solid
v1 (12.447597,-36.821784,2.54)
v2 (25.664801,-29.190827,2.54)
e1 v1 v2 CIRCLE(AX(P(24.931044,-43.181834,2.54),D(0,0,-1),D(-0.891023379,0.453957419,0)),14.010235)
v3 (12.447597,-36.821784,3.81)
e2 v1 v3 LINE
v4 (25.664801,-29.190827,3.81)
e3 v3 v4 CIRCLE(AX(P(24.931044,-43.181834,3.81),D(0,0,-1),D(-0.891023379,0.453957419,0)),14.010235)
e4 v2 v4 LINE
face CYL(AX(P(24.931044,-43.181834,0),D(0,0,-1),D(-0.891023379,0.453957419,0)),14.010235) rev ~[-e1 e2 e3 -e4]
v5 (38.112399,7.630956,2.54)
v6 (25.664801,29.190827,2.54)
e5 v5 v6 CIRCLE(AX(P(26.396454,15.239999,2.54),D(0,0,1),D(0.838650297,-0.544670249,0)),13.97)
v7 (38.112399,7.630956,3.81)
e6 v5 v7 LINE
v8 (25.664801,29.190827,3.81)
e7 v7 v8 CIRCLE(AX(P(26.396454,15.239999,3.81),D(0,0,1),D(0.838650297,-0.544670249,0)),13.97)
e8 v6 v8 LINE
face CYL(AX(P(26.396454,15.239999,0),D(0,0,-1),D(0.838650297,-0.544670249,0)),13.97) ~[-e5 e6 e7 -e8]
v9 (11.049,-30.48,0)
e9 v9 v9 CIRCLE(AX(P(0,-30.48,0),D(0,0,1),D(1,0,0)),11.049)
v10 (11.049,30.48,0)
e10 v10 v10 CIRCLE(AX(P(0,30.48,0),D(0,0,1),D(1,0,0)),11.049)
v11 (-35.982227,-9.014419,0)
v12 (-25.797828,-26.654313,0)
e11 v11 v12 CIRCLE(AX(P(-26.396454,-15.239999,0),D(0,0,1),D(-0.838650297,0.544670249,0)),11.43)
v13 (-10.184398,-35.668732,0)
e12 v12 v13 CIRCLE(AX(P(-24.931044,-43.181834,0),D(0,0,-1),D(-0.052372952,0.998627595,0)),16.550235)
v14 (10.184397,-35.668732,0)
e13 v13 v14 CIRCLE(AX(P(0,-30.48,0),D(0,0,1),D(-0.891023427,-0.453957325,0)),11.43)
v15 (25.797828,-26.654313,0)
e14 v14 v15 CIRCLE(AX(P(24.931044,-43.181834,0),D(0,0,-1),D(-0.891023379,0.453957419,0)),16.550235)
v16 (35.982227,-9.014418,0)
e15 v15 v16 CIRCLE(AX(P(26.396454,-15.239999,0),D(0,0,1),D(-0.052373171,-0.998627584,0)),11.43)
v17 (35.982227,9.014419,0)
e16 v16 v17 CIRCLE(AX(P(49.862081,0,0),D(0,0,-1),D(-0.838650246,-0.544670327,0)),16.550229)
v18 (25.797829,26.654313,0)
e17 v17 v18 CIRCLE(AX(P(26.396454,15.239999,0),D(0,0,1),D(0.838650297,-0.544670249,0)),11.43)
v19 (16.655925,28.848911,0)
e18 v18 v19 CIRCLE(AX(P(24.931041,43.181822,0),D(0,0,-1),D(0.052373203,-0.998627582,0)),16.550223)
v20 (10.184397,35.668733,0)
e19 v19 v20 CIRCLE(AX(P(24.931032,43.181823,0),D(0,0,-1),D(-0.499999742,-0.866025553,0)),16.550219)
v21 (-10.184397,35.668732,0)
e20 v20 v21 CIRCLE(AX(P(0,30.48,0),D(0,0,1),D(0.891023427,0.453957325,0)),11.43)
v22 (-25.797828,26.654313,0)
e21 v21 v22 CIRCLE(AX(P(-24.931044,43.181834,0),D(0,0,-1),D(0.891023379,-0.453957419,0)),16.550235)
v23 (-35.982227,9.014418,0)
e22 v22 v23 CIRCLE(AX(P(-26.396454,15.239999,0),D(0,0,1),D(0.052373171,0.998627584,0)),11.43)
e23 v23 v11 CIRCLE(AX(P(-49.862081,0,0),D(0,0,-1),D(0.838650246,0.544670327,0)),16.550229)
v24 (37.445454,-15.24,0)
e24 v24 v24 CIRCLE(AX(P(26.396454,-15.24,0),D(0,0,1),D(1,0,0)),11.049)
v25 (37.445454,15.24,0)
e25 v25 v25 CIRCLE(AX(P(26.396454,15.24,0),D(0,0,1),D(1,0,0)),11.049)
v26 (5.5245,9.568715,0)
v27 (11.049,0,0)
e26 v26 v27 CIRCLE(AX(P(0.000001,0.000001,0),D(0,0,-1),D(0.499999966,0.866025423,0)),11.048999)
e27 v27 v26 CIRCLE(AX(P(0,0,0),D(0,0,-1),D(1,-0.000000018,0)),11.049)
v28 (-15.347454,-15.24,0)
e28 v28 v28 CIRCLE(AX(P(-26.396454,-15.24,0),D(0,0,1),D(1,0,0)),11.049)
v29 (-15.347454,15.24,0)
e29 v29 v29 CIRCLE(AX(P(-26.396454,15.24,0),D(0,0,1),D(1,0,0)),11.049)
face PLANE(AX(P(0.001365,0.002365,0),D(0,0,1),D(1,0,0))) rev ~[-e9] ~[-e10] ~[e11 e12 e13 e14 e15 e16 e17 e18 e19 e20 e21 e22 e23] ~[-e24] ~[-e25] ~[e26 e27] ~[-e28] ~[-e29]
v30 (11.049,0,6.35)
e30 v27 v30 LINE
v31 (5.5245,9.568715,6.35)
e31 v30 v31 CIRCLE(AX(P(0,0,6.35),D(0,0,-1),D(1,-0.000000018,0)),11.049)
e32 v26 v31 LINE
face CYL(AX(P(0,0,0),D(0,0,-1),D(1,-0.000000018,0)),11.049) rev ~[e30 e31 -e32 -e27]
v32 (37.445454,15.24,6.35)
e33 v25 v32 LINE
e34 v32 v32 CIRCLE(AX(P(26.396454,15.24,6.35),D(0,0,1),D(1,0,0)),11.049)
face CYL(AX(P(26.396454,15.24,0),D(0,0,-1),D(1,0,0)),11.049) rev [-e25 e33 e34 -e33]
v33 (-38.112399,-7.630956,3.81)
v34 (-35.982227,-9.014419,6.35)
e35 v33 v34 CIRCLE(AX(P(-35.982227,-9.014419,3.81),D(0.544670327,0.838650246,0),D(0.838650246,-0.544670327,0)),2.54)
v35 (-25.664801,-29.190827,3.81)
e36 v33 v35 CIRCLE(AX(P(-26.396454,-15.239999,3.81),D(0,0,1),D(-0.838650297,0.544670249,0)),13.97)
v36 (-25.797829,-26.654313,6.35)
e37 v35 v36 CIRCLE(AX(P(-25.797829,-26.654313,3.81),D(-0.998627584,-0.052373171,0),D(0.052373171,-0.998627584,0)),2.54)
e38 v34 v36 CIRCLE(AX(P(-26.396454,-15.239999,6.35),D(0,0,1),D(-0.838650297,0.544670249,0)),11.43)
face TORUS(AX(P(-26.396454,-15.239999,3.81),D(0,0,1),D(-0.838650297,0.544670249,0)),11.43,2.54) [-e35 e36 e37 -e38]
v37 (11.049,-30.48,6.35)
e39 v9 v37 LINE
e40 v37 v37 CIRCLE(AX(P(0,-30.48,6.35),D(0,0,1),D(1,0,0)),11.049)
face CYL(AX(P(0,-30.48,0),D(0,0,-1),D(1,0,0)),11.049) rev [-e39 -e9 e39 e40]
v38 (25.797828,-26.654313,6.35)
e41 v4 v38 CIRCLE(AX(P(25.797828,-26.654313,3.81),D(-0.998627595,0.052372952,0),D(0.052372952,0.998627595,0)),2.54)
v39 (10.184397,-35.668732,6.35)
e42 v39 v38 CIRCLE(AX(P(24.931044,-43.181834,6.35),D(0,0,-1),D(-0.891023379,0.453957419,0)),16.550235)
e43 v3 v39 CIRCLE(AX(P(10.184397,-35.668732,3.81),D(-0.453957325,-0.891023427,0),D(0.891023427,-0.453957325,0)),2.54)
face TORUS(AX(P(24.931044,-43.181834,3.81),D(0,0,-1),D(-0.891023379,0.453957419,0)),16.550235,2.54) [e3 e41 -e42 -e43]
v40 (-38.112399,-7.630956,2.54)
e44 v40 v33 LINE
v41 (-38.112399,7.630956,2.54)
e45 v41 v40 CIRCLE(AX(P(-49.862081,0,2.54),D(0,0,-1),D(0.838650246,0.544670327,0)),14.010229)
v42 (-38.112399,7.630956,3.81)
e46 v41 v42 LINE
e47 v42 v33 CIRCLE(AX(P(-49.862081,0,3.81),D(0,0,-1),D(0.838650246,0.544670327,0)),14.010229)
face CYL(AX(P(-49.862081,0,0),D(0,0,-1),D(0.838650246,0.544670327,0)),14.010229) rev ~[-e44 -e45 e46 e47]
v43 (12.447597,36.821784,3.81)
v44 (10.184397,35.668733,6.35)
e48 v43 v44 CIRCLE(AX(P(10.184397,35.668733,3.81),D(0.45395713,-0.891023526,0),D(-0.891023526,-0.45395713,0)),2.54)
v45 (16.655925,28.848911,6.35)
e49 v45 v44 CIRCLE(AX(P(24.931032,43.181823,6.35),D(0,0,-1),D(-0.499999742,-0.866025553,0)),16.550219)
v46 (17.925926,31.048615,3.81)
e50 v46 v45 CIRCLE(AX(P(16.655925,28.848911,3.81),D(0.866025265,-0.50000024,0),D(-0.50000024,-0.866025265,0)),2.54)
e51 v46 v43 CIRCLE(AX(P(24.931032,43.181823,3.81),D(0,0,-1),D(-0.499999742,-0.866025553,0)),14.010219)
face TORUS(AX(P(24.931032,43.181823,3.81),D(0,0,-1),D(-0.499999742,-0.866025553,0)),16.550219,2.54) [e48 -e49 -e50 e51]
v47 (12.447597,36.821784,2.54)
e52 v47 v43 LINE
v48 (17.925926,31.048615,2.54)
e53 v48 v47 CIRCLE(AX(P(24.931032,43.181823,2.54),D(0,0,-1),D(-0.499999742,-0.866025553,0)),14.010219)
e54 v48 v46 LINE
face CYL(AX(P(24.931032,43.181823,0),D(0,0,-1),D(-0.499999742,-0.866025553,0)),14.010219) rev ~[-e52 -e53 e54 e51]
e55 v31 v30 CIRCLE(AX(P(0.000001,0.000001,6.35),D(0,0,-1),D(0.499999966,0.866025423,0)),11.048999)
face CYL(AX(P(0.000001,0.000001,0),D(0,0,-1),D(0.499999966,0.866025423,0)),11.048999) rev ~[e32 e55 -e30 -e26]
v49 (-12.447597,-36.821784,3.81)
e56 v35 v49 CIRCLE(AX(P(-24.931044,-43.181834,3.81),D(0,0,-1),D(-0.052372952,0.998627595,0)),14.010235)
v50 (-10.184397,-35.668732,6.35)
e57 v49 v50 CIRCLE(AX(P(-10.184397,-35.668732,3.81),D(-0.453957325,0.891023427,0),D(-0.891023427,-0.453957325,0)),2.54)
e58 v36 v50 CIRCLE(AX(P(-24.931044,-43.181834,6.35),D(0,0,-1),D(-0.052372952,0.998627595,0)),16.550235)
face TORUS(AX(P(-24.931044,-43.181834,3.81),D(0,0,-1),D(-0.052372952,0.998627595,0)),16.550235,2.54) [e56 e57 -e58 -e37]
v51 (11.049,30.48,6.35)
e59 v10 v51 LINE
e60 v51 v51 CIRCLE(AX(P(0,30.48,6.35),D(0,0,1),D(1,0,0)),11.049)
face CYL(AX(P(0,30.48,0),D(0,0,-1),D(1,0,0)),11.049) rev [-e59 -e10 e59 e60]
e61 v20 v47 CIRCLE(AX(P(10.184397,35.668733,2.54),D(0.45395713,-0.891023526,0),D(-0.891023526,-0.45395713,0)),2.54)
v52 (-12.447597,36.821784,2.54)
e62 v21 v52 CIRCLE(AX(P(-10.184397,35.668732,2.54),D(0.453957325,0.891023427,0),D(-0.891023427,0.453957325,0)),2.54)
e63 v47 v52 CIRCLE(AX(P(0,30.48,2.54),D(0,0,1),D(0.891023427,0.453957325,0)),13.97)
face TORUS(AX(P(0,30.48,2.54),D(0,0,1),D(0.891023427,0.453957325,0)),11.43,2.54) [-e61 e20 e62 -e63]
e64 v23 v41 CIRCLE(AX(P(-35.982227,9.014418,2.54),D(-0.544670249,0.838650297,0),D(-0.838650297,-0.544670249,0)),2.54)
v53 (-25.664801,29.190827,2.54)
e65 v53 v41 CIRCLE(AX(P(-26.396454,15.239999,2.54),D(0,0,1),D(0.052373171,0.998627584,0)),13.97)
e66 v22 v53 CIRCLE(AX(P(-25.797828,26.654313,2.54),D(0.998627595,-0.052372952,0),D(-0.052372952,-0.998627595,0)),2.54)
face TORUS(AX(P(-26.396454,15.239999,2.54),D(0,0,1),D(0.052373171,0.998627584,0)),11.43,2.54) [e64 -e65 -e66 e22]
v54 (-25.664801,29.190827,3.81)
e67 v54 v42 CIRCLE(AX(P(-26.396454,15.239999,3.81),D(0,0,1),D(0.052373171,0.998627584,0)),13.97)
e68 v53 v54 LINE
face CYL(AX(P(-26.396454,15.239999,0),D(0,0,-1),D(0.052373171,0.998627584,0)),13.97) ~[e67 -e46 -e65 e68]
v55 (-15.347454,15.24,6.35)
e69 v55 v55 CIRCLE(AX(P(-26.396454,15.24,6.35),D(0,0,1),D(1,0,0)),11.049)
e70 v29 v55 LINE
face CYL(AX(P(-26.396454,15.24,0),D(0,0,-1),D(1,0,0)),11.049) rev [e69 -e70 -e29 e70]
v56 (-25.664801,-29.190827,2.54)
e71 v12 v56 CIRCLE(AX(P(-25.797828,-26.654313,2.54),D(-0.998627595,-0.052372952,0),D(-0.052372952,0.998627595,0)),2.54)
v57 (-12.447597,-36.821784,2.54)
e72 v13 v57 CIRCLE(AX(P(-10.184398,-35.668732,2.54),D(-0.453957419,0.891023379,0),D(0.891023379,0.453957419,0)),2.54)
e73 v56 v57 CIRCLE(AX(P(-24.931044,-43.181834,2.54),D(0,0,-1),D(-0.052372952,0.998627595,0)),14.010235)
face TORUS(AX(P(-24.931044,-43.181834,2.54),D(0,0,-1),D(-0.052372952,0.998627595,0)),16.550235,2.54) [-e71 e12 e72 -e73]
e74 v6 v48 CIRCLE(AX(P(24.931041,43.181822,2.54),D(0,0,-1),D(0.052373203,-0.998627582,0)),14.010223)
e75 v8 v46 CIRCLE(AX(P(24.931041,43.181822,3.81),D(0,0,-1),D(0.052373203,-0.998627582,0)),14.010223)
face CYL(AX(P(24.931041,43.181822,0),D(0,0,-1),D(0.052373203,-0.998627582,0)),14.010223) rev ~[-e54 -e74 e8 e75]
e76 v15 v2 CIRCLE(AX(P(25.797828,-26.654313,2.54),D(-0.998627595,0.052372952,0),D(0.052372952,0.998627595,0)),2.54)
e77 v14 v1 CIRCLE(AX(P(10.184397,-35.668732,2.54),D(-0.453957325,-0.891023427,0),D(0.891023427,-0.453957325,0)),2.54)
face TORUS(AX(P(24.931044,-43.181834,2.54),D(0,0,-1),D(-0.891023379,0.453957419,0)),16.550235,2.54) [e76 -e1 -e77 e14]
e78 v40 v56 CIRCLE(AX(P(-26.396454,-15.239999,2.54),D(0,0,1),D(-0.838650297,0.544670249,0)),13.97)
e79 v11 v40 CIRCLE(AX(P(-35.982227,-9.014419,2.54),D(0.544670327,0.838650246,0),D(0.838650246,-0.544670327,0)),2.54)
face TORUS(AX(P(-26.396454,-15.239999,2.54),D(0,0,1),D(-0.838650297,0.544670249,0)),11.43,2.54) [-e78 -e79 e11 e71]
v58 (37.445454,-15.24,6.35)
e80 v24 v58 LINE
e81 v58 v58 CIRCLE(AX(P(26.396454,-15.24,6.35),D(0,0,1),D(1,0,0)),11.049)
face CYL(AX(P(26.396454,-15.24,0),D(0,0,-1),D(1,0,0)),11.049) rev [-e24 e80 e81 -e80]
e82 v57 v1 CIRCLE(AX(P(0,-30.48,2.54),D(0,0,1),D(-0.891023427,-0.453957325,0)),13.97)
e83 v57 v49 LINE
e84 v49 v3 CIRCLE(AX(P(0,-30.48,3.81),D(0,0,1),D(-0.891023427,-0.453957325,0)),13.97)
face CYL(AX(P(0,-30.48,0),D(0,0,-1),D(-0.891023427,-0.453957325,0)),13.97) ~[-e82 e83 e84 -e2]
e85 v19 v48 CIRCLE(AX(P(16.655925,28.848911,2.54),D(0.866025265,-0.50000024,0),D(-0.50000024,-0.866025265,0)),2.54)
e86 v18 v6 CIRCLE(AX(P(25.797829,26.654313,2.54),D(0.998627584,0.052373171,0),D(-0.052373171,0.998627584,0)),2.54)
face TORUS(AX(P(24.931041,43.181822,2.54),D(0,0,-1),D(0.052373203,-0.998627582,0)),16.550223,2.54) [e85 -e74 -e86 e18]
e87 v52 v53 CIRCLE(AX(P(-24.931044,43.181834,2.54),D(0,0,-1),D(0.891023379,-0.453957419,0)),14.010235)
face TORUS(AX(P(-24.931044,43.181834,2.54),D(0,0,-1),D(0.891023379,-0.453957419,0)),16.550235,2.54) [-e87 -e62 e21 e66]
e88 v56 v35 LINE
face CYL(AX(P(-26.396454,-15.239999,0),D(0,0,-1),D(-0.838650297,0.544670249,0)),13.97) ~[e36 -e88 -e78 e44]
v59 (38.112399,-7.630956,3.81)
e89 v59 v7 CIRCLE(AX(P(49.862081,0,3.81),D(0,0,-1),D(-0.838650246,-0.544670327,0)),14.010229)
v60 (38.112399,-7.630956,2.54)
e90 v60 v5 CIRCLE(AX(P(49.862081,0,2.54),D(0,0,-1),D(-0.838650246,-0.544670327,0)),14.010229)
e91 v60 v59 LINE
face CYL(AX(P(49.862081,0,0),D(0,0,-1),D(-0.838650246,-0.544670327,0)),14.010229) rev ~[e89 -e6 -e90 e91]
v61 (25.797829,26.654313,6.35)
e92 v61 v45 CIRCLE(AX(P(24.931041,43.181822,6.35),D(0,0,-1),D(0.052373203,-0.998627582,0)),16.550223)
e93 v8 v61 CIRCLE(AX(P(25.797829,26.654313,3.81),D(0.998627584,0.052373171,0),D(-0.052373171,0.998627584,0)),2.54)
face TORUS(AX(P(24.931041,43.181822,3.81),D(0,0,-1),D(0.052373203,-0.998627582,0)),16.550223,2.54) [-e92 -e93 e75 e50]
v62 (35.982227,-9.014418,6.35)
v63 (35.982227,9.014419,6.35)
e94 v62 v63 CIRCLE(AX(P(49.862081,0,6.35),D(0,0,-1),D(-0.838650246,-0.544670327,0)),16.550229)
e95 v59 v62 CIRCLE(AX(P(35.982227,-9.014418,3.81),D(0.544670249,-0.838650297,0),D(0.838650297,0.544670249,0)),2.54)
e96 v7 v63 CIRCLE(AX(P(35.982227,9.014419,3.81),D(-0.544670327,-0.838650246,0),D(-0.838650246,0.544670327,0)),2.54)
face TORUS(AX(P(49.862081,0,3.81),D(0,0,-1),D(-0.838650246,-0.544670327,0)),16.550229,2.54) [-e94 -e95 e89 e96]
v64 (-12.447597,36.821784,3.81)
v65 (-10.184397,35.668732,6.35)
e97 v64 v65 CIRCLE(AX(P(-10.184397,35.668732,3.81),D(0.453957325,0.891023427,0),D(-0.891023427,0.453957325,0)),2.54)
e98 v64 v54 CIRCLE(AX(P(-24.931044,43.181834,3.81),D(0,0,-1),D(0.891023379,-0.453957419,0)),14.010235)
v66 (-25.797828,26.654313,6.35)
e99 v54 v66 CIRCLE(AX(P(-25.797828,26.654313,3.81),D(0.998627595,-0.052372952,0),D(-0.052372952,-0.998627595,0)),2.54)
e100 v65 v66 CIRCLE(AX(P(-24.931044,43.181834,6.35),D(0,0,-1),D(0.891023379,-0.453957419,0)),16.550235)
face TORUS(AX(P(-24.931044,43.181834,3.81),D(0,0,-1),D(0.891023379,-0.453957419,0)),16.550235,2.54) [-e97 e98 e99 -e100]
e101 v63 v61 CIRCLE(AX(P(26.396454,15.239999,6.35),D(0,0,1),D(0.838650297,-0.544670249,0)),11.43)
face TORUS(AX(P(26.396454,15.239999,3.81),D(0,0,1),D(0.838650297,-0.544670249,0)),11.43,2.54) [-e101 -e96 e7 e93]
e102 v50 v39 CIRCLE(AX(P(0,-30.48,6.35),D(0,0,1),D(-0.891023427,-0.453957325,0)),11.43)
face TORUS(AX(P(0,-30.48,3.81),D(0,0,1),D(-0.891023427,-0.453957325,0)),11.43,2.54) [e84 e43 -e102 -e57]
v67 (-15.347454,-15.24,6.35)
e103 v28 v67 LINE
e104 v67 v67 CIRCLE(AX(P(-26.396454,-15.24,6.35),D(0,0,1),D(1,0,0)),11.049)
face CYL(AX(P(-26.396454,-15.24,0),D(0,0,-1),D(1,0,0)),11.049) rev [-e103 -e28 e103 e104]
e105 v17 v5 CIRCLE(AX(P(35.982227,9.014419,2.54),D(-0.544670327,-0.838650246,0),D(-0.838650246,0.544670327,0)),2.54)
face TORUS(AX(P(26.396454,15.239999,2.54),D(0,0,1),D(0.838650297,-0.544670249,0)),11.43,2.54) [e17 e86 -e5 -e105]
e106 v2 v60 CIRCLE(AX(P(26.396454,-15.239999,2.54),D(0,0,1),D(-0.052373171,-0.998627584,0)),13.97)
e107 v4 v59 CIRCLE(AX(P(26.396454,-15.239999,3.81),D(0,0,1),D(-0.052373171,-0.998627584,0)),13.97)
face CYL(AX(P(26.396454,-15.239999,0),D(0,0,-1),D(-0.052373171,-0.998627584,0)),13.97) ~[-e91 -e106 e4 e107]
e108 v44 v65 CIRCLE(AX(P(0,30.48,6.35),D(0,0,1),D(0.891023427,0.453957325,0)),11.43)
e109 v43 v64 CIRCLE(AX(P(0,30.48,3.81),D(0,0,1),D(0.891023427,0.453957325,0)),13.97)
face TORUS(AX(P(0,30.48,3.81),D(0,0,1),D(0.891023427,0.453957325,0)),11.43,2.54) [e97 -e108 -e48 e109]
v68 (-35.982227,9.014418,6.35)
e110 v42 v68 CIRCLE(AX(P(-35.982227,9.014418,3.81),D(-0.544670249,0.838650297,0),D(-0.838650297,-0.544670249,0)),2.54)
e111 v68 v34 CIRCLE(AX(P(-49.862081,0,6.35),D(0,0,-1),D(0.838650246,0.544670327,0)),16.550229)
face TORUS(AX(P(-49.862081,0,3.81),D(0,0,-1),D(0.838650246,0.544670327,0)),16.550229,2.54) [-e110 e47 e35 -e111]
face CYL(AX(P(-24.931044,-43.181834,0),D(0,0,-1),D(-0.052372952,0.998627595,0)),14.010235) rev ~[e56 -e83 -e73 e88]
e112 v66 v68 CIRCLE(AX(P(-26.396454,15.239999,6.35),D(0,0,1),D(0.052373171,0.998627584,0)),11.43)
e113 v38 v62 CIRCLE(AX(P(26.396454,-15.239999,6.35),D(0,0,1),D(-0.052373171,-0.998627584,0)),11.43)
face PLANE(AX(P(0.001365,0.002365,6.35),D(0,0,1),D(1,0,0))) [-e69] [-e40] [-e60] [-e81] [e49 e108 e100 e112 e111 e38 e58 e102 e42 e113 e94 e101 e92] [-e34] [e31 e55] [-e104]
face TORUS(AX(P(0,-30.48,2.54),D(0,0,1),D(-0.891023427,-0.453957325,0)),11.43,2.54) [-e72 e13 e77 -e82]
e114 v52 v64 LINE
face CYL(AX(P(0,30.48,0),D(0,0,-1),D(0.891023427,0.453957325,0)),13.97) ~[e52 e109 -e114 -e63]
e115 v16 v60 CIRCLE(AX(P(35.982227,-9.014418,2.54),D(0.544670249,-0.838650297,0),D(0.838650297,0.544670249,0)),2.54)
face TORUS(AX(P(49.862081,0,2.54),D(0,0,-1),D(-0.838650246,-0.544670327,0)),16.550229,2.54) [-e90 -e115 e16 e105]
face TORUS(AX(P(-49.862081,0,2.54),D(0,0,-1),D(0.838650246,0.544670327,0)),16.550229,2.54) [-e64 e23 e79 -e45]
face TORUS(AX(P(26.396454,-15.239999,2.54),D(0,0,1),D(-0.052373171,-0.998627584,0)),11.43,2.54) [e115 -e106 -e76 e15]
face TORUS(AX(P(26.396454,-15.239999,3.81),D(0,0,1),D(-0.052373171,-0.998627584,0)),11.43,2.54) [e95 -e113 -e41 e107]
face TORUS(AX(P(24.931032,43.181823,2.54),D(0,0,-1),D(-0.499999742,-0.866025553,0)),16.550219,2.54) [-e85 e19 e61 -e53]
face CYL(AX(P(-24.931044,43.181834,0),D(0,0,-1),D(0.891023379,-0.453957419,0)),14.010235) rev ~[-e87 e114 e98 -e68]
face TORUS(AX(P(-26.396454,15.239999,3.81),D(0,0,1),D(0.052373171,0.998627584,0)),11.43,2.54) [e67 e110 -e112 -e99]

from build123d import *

# Parameters (mm, degrees)
F0_R     = 11.049
F1_DEPTH = 6.35
F2_R     = 2.54
F3_R     = 2.54


with BuildPart() as f1:
    # F0 (on Top) → F1 (new body)
    with BuildSketch(Plane.XY):
        with BuildLine():
            ThreePointArc((25.664801, 29.190827), (21.660672, 29.558642), (17.925926, 31.048615))
            ThreePointArc((17.925926, 31.048615), (14.768199, 33.538013), (12.447597, 36.821784))
            ThreePointArc((12.447597, 36.821784), (0, 44.45), (-12.447597, 36.821784))
            ThreePointArc((-12.447597, 36.821784), (-17.925926, 31.048615), (-25.664801, 29.190827))
            ThreePointArc((-25.664801, 29.190827), (-38.494829, 22.225), (-38.112399, 7.630956))
            ThreePointArc((-38.112399, 7.630956), (-35.851852, 0), (-38.112399, -7.630956))
            ThreePointArc((-38.112399, -7.630956), (-38.494829, -22.225), (-25.664801, -29.190827))
            ThreePointArc((-25.664801, -29.190827), (-17.925926, -31.048615), (-12.447597, -36.821784))
            ThreePointArc((-12.447597, -36.821784), (0, -44.45), (12.447597, -36.821784))
            ThreePointArc((12.447597, -36.821784), (17.925926, -31.048615), (25.664801, -29.190827))
            ThreePointArc((25.664801, -29.190827), (38.494829, -22.225), (38.112399, -7.630956))
            ThreePointArc((38.112399, -7.630956), (35.851852, 0), (38.112399, 7.630956))
            ThreePointArc((38.112399, 7.630956), (38.494829, 22.225), (25.664801, 29.190827))
        make_face()
        with Locations((-26.396454, -15.24)):
            Circle(F0_R, mode=Mode.SUBTRACT)
        with Locations((0, -30.48)):
            Circle(F0_R, mode=Mode.SUBTRACT)
        with Locations((26.396454, -15.24)):
            Circle(F0_R, mode=Mode.SUBTRACT)
        with Locations((-26.396454, 15.24)):
            Circle(F0_R, mode=Mode.SUBTRACT)
        with BuildLine():
            ThreePointArc((5.5245, 9.568715), (9.568715, 5.5245), (11.049, 0))
            ThreePointArc((11.049, 0), (-9.568715, -5.5245), (5.5245, 9.568715))
        make_face(mode=Mode.SUBTRACT)
        with Locations((26.396454, 15.24)):
            Circle(F0_R, mode=Mode.SUBTRACT)
        with Locations((0, 30.48)):
            Circle(F0_R, mode=Mode.SUBTRACT)
    extrude(amount=F1_DEPTH)

    # F2
    f2_edges = [f1.edges().sort_by_distance(p)[0] for p in [
        (0, -44.45, 6.35),
    ]]
    fillet(f2_edges, radius=F2_R)

    # F3
    f3_edges = [f1.edges().sort_by_distance(p)[0] for p in [
        (-17.925926, -31.048615, 0),
    ]]
    fillet(f3_edges, radius=F3_R)


solid = f1.part
